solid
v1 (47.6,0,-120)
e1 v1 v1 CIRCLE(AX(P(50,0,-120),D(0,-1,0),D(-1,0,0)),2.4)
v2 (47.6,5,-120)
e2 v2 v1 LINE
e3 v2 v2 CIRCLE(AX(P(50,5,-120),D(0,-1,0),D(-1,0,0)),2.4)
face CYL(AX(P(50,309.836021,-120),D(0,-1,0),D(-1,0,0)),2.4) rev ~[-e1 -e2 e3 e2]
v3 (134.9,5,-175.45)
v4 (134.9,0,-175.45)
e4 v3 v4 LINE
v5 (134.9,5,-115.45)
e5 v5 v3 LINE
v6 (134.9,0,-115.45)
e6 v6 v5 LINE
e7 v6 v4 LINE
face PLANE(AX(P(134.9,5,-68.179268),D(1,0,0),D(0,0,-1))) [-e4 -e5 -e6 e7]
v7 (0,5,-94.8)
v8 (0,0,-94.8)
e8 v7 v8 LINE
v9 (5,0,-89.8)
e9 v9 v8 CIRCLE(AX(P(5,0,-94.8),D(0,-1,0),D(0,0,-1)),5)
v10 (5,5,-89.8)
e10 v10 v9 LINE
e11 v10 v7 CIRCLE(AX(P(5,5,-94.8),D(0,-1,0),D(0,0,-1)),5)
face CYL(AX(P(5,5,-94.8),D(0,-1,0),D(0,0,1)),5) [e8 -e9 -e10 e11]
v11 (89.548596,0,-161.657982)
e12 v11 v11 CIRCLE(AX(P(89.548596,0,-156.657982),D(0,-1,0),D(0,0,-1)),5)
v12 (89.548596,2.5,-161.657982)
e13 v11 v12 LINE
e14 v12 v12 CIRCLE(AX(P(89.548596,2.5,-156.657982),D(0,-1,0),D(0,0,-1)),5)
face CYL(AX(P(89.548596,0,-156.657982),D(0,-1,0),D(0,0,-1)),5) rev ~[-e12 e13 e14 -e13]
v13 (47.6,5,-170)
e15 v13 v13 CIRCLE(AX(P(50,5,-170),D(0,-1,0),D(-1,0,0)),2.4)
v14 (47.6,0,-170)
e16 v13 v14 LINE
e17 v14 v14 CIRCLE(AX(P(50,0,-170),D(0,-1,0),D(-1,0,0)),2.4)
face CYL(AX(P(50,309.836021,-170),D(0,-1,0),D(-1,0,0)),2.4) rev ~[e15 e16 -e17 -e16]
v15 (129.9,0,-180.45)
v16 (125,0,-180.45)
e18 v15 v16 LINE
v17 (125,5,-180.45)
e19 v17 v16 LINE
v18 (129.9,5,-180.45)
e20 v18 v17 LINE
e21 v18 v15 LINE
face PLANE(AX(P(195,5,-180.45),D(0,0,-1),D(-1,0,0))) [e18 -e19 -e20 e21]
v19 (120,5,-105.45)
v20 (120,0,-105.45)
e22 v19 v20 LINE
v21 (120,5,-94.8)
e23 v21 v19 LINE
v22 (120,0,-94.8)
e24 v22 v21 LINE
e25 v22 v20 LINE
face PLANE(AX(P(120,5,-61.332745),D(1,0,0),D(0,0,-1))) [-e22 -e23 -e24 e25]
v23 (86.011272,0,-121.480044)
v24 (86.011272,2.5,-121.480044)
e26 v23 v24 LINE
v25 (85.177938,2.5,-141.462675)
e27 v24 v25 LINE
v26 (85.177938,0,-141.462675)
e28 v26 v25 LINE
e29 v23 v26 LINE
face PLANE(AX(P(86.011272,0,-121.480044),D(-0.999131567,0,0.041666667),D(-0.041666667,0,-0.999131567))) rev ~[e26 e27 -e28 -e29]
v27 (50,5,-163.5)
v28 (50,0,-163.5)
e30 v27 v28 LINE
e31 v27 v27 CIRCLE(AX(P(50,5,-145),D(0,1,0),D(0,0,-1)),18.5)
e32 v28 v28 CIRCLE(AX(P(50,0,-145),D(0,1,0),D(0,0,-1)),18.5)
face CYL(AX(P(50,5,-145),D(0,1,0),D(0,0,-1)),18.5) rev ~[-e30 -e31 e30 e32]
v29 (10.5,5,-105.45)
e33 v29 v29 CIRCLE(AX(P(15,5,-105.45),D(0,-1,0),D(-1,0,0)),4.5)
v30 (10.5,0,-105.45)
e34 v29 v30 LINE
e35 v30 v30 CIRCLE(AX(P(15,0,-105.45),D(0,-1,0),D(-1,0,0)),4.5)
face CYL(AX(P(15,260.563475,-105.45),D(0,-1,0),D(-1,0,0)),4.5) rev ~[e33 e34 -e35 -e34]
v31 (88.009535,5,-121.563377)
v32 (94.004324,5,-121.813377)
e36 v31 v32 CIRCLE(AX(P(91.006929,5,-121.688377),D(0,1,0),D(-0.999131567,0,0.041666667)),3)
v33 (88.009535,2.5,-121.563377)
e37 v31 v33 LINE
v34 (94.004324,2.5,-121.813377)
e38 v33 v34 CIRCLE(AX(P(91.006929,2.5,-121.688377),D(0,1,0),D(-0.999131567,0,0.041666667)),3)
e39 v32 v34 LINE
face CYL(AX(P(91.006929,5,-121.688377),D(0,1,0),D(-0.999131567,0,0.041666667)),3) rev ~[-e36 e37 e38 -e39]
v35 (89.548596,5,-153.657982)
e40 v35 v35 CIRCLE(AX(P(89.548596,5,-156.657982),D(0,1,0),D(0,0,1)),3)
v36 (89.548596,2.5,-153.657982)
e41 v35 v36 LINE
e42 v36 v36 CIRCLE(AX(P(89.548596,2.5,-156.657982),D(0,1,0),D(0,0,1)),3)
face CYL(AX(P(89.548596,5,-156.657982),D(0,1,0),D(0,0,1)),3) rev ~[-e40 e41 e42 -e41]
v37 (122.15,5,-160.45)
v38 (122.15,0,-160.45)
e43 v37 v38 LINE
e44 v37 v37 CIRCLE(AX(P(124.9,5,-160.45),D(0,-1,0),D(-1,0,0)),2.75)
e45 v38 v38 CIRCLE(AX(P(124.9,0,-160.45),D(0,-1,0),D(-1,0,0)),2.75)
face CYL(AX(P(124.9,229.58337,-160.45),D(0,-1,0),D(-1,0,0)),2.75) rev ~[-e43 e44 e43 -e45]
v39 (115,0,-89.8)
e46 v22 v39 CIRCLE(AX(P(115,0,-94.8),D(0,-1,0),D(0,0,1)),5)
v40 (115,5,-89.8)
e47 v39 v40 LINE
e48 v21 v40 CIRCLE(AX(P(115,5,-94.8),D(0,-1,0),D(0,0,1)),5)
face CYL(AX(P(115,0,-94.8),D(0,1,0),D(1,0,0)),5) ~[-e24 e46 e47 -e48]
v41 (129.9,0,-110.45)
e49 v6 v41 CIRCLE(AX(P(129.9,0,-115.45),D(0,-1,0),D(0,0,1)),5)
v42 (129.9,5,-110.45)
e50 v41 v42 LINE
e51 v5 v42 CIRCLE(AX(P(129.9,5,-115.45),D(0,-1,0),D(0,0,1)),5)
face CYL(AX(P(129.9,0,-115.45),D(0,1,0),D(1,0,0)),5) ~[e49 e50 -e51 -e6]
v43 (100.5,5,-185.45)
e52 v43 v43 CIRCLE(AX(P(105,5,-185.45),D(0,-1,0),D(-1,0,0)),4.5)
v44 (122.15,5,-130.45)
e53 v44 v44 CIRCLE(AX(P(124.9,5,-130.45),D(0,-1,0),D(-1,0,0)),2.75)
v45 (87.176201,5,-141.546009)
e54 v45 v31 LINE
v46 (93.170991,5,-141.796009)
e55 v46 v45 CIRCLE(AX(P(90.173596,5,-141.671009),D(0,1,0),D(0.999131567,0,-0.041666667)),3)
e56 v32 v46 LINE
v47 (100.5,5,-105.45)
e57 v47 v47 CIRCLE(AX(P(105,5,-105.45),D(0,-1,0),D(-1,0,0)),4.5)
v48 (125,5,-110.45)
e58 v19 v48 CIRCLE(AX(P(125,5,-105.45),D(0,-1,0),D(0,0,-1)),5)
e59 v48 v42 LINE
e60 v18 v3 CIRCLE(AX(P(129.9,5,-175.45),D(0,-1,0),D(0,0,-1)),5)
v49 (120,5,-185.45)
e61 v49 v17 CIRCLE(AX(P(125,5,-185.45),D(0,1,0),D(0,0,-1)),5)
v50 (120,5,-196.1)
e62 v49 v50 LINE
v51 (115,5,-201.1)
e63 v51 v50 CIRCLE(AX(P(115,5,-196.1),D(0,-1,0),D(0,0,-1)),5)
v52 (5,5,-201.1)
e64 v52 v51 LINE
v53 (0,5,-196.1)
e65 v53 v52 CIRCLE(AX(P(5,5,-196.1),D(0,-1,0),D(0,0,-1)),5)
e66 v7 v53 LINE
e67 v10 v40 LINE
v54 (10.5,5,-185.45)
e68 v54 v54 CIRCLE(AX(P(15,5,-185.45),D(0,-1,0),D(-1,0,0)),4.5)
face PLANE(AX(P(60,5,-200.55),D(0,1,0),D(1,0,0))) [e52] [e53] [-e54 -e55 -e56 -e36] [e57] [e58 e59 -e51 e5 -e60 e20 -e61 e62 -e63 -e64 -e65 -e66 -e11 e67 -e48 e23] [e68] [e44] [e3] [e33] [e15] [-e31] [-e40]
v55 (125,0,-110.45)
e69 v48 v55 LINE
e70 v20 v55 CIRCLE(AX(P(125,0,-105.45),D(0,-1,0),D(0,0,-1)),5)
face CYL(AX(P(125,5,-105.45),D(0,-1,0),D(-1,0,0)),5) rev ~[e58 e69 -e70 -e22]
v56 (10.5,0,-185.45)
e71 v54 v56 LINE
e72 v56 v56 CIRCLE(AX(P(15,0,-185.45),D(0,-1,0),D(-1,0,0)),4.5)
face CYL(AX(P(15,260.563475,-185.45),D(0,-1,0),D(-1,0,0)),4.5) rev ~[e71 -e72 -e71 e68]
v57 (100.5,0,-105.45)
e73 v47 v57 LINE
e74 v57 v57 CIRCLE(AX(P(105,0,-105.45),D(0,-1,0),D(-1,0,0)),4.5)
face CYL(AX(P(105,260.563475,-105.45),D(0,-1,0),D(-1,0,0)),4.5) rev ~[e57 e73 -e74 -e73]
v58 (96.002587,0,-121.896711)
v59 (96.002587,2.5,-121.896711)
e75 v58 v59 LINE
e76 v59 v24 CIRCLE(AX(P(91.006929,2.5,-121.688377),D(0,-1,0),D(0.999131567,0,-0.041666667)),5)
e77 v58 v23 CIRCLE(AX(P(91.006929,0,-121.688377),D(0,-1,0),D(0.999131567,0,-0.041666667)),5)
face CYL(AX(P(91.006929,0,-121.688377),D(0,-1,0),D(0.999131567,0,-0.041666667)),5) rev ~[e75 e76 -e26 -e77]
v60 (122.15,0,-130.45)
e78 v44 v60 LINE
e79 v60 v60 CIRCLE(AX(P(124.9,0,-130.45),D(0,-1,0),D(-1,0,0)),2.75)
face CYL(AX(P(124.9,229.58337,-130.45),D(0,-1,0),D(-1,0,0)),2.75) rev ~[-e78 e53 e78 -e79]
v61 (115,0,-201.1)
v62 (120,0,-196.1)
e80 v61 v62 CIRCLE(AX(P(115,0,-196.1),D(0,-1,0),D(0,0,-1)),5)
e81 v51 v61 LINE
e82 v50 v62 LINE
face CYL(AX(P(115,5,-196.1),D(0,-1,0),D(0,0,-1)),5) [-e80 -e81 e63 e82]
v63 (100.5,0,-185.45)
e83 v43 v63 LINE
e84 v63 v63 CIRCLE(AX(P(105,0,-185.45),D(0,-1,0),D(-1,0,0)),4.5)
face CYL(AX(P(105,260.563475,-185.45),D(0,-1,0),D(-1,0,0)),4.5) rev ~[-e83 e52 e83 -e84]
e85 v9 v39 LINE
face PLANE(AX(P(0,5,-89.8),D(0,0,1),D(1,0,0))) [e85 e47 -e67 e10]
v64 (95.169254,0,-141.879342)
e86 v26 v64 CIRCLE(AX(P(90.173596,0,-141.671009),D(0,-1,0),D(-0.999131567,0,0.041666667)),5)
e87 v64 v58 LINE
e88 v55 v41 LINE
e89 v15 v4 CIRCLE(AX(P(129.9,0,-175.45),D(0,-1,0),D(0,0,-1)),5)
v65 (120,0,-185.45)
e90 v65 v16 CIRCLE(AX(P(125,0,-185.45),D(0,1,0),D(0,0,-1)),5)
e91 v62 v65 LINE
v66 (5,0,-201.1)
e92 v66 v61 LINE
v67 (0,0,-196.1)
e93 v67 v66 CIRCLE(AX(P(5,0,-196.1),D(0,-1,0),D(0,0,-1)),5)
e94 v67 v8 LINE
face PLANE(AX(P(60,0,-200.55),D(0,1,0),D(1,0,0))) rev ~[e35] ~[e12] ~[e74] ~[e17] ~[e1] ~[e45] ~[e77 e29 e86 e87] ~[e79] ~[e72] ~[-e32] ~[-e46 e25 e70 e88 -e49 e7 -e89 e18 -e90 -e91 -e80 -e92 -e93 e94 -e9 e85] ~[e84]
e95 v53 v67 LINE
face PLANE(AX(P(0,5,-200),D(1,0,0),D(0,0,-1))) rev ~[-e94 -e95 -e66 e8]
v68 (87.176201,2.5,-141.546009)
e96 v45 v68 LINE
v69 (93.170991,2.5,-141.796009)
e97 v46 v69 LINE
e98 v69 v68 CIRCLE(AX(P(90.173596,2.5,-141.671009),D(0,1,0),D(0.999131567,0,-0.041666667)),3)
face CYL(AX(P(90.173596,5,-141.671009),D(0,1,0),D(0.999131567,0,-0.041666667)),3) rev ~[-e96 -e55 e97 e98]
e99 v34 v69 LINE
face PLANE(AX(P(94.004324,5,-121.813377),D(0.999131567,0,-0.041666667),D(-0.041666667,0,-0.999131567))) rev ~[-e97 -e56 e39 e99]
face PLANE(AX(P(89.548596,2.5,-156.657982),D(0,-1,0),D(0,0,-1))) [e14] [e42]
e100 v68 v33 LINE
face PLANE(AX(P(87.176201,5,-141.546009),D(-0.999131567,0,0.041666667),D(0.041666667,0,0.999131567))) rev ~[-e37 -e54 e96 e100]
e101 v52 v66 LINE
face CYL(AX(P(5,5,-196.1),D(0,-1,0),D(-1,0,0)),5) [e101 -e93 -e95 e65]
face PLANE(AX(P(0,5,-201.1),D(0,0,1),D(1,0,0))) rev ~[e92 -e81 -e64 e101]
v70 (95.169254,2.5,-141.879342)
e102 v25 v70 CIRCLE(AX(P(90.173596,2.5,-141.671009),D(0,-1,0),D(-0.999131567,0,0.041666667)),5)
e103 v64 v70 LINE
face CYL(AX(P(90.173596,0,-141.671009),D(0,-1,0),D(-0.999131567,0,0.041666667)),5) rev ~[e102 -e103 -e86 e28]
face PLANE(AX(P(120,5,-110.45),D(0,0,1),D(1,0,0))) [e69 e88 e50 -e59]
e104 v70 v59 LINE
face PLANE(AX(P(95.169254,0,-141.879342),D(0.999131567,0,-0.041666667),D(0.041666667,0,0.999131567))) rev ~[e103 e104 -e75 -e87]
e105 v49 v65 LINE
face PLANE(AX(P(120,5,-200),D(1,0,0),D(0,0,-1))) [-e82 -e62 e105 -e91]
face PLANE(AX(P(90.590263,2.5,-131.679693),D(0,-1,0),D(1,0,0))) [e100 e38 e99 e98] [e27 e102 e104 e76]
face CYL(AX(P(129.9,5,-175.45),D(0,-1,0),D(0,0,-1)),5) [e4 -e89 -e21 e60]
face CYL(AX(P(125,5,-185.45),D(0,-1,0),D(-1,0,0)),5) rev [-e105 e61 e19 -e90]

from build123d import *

# Parameters (mm, degrees)
SKETCH1_W            = 230
SKETCH1_H            = 200
BOSS_EXTRUDE1_DEPTH  = 5
SKETCH2_R            = 15
SKETCH2_R_2          = 14
SKETCH2_R_3          = 10
SKETCH2_R_4          = 18.5
SKETCH2_R_5          = 3
CUT_EXTRUDE1_DEPTH   = 305.836021494
M4_CLEARANCE_HOLE1_D = 4.8
SKETCH5_W            = 20
SKETCH5_H            = 5
CUT_EXTRUDE2_DEPTH   = 305.836021494
SKETCH8_W            = 230
SKETCH8_H            = 89.8
CUT_EXTRUDE4_DEPTH   = 305.836021494
SKETCH16_W           = 120
SKETCH16_H           = 1.1
BOSS_EXTRUDE2_DEPTH  = 5
M8_CLEARANCE_HOLE1_D = 9
CUT_EXTRUDE7_DEPTH   = 306.558848669
M5_CLEARANCE_HOLE2_D = 5.5
FILLET3_R            = 30
SKETCH22_W           = 97.742742711
SKETCH22_H           = 151.745417032
CUT_EXTRUDE8_DEPTH   = 281.162827656
SKETCH23_R           = 5
CUT_EXTRUDE9_DEPTH   = 2.5
FILLET4_R            = 5


with BuildPart() as part:
    # Sketch1 → Boss-Extrude1 (new body)
    with BuildSketch(Plane(origin=(0, 0, 0), x_dir=(1, 0, 0), z_dir=(0, 1, 0))):
        with Locations((115, 100)):
            Rectangle(SKETCH1_W, SKETCH1_H)
    extrude(amount=BOSS_EXTRUDE1_DEPTH)

    # Sketch2 → Cut-Extrude1 (cut, through all)
    with BuildSketch(Plane(origin=(0, 5, 0), x_dir=(1, 0, 0), z_dir=(0, 1, 0))):
        with Locations(Location((50, 60, 0), (0, 0, 270))):
            Circle(SKETCH2_R)
        with Locations(Location((168.717100706, 42.5, 0), (0, 0, 270))):
            Circle(SKETCH2_R_2)
        with Locations(Location((169.895788083, 150, 0), (0, 0, 90))):
            Circle(SKETCH2_R_3)
        with Locations(Location((50, 145, 0), (0, 0, 90))):
            Circle(SKETCH2_R_4)
        with Locations(Location((89.548596028, 156.65798234, 0), (0, 0, 270))):
            Circle(SKETCH2_R_5)
        with BuildLine():
            Line((104.360743639, 72.202850118), (98.527410306, 32.630483216))
            ThreePointArc((98.527410306, 32.630483216), (96.257125294, 30.943531537), (94.570173616, 33.213816549))
            Line((94.570173616, 33.213816549), (100.403506949, 72.786183451))
            ThreePointArc((100.403506949, 72.786183451), (102.673791961, 74.473135129), (104.360743639, 72.202850118))
        make_face()
        with BuildLine():
            Line((94.004324063, 121.813377483), (93.17099073, 141.79600883))
            ThreePointArc((93.17099073, 141.79600883), (90.048596028, 144.668403532), (87.176201326, 141.54600883))
            Line((87.176201326, 141.54600883), (88.009534659, 121.563377483))
            ThreePointArc((88.009534659, 121.563377483), (91.131929361, 118.690982781), (94.004324063, 121.813377483))
        make_face()
    extrude(amount=-CUT_EXTRUDE1_DEPTH, mode=Mode.SUBTRACT)

    # M4 Clearance Hole1 (through all)
    with Locations(Plane(origin=(0, 5, 0), x_dir=(1, 0, 0), z_dir=(0, 1, 0))):
        with Locations((50, 120), (50, 32.5), (168.717100706, 61), (168.717100706, 24), (187.217100706, 42.5), (150.217100706, 42.5), (50, 170)):
            Hole(M4_CLEARANCE_HOLE1_D / 2)

    # Sketch5 → Cut-Extrude2 (cut, through all)
    with BuildSketch(Plane(origin=(0, 5, 0), x_dir=(1, 0, 0), z_dir=(0, 1, 0))):
        with Locations((30, 7.5)):
            Rectangle(SKETCH5_W, SKETCH5_H)
        with Locations((70, 7.5)):
            Rectangle(SKETCH5_W, SKETCH5_H)
        with Locations((110, 7.5)):
            Rectangle(SKETCH5_W, SKETCH5_H)
        with Locations((150, 7.5)):
            Rectangle(SKETCH5_W, SKETCH5_H)
        with Locations((190, 7.5)):
            Rectangle(SKETCH5_W, SKETCH5_H)
    extrude(amount=-CUT_EXTRUDE2_DEPTH, mode=Mode.SUBTRACT)

    # Sketch8 → Cut-Extrude4 (cut, through all)
    with BuildSketch(Plane(origin=(0, 5, 0), x_dir=(1, 0, 0), z_dir=(0, 1, 0))):
        with Locations((115, 44.9)):
            Rectangle(SKETCH8_W, SKETCH8_H)
    extrude(amount=-CUT_EXTRUDE4_DEPTH, mode=Mode.SUBTRACT)

    # Sketch16 → Boss-Extrude2 (add)
    with BuildSketch(Plane(origin=(0, 5, 0), x_dir=(1, 0, 0), z_dir=(0, 1, 0))):
        with Locations((60, 200.55)):
            Rectangle(SKETCH16_W, SKETCH16_H)
    extrude(amount=-BOSS_EXTRUDE2_DEPTH)

    # M8 Clearance Hole1 (through all)
    with Locations(Plane(origin=(0, 5, 0), x_dir=(1, 0, 0), z_dir=(0, 1, 0))):
        with Locations((15, 185.45), (15, 105.45), (105, 105.45), (105, 185.45)):
            Hole(M8_CLEARANCE_HOLE1_D / 2)

    # Sketch18 → Cut-Extrude7 (cut, through all)
    with BuildSketch(Plane(origin=(0, 5, 0), x_dir=(1, 0, 0), z_dir=(0, 1, 0))):
        Polygon((120, 225.92357398), (254.211620271, 225.92357398), (254.211620271, 61.332744885), (120, 61.332744885), (120, 110.45), (195, 110.45), (195, 180.45), (120, 180.45), align=None)
    extrude(amount=-CUT_EXTRUDE7_DEPTH, mode=Mode.SUBTRACT)

    # M5 Clearance Hole2 (through all)
    with Locations(Plane(origin=(0, 5, 0), x_dir=(1, 0, 0), z_dir=(0, 1, 0))):
        with Locations((124.9, 160.45), (124.9, 130.45)):
            Hole(M5_CLEARANCE_HOLE2_D / 2)

    # Fillet3
    fillet3_edges = [part.edges().sort_by_distance(p)[0] for p in [
        (195, 2.5, -110.45),
        (195, 2.5, -180.45),
    ]]
    fillet(fillet3_edges, radius=FILLET3_R)

    # Sketch22 → Cut-Extrude8 (cut, through all)
    with BuildSketch(Plane(origin=(0, 5, 0), x_dir=(1, 0, 0), z_dir=(0, 1, 0))):
        with Locations((183.771371356, 144.05197651)):
            Rectangle(SKETCH22_W, SKETCH22_H)
    extrude(amount=-CUT_EXTRUDE8_DEPTH, mode=Mode.SUBTRACT)

    # Sketch23 → Cut-Extrude9 (cut)
    with BuildSketch(Plane.XZ):
        with Locations(Location((89.548596028, -156.65798234, 0), (0, 0, 270))):
            Circle(SKETCH23_R)
        with BuildLine():
            Line((95.169253864, -141.879342163), (96.002587198, -121.896710816))
            ThreePointArc((96.002587198, -121.896710816), (91.215262694, -116.692719646), (86.011271524, -121.480044149))
            Line((86.011271524, -121.480044149), (85.177938191, -141.462675497))
            ThreePointArc((85.177938191, -141.462675497), (89.965262694, -146.666666667), (95.169253864, -141.879342163))
        make_face()
    extrude(amount=-CUT_EXTRUDE9_DEPTH, mode=Mode.SUBTRACT)

    # Fillet4
    fillet4_edges = [part.edges().sort_by_distance(p)[0] for p in [
        (0, 2.5, -89.8),
        (120, 2.5, -201.1),
        (0, 2.5, -201.1),
        (120, 2.5, -89.8),
        (120, 2.5, -180.45),
        (120, 2.5, -110.45),
        (134.9, 2.5, -180.45),
        (134.9, 2.5, -110.45),
    ]]
    fillet(fillet4_edges, radius=FILLET4_R)


solid = part.part
